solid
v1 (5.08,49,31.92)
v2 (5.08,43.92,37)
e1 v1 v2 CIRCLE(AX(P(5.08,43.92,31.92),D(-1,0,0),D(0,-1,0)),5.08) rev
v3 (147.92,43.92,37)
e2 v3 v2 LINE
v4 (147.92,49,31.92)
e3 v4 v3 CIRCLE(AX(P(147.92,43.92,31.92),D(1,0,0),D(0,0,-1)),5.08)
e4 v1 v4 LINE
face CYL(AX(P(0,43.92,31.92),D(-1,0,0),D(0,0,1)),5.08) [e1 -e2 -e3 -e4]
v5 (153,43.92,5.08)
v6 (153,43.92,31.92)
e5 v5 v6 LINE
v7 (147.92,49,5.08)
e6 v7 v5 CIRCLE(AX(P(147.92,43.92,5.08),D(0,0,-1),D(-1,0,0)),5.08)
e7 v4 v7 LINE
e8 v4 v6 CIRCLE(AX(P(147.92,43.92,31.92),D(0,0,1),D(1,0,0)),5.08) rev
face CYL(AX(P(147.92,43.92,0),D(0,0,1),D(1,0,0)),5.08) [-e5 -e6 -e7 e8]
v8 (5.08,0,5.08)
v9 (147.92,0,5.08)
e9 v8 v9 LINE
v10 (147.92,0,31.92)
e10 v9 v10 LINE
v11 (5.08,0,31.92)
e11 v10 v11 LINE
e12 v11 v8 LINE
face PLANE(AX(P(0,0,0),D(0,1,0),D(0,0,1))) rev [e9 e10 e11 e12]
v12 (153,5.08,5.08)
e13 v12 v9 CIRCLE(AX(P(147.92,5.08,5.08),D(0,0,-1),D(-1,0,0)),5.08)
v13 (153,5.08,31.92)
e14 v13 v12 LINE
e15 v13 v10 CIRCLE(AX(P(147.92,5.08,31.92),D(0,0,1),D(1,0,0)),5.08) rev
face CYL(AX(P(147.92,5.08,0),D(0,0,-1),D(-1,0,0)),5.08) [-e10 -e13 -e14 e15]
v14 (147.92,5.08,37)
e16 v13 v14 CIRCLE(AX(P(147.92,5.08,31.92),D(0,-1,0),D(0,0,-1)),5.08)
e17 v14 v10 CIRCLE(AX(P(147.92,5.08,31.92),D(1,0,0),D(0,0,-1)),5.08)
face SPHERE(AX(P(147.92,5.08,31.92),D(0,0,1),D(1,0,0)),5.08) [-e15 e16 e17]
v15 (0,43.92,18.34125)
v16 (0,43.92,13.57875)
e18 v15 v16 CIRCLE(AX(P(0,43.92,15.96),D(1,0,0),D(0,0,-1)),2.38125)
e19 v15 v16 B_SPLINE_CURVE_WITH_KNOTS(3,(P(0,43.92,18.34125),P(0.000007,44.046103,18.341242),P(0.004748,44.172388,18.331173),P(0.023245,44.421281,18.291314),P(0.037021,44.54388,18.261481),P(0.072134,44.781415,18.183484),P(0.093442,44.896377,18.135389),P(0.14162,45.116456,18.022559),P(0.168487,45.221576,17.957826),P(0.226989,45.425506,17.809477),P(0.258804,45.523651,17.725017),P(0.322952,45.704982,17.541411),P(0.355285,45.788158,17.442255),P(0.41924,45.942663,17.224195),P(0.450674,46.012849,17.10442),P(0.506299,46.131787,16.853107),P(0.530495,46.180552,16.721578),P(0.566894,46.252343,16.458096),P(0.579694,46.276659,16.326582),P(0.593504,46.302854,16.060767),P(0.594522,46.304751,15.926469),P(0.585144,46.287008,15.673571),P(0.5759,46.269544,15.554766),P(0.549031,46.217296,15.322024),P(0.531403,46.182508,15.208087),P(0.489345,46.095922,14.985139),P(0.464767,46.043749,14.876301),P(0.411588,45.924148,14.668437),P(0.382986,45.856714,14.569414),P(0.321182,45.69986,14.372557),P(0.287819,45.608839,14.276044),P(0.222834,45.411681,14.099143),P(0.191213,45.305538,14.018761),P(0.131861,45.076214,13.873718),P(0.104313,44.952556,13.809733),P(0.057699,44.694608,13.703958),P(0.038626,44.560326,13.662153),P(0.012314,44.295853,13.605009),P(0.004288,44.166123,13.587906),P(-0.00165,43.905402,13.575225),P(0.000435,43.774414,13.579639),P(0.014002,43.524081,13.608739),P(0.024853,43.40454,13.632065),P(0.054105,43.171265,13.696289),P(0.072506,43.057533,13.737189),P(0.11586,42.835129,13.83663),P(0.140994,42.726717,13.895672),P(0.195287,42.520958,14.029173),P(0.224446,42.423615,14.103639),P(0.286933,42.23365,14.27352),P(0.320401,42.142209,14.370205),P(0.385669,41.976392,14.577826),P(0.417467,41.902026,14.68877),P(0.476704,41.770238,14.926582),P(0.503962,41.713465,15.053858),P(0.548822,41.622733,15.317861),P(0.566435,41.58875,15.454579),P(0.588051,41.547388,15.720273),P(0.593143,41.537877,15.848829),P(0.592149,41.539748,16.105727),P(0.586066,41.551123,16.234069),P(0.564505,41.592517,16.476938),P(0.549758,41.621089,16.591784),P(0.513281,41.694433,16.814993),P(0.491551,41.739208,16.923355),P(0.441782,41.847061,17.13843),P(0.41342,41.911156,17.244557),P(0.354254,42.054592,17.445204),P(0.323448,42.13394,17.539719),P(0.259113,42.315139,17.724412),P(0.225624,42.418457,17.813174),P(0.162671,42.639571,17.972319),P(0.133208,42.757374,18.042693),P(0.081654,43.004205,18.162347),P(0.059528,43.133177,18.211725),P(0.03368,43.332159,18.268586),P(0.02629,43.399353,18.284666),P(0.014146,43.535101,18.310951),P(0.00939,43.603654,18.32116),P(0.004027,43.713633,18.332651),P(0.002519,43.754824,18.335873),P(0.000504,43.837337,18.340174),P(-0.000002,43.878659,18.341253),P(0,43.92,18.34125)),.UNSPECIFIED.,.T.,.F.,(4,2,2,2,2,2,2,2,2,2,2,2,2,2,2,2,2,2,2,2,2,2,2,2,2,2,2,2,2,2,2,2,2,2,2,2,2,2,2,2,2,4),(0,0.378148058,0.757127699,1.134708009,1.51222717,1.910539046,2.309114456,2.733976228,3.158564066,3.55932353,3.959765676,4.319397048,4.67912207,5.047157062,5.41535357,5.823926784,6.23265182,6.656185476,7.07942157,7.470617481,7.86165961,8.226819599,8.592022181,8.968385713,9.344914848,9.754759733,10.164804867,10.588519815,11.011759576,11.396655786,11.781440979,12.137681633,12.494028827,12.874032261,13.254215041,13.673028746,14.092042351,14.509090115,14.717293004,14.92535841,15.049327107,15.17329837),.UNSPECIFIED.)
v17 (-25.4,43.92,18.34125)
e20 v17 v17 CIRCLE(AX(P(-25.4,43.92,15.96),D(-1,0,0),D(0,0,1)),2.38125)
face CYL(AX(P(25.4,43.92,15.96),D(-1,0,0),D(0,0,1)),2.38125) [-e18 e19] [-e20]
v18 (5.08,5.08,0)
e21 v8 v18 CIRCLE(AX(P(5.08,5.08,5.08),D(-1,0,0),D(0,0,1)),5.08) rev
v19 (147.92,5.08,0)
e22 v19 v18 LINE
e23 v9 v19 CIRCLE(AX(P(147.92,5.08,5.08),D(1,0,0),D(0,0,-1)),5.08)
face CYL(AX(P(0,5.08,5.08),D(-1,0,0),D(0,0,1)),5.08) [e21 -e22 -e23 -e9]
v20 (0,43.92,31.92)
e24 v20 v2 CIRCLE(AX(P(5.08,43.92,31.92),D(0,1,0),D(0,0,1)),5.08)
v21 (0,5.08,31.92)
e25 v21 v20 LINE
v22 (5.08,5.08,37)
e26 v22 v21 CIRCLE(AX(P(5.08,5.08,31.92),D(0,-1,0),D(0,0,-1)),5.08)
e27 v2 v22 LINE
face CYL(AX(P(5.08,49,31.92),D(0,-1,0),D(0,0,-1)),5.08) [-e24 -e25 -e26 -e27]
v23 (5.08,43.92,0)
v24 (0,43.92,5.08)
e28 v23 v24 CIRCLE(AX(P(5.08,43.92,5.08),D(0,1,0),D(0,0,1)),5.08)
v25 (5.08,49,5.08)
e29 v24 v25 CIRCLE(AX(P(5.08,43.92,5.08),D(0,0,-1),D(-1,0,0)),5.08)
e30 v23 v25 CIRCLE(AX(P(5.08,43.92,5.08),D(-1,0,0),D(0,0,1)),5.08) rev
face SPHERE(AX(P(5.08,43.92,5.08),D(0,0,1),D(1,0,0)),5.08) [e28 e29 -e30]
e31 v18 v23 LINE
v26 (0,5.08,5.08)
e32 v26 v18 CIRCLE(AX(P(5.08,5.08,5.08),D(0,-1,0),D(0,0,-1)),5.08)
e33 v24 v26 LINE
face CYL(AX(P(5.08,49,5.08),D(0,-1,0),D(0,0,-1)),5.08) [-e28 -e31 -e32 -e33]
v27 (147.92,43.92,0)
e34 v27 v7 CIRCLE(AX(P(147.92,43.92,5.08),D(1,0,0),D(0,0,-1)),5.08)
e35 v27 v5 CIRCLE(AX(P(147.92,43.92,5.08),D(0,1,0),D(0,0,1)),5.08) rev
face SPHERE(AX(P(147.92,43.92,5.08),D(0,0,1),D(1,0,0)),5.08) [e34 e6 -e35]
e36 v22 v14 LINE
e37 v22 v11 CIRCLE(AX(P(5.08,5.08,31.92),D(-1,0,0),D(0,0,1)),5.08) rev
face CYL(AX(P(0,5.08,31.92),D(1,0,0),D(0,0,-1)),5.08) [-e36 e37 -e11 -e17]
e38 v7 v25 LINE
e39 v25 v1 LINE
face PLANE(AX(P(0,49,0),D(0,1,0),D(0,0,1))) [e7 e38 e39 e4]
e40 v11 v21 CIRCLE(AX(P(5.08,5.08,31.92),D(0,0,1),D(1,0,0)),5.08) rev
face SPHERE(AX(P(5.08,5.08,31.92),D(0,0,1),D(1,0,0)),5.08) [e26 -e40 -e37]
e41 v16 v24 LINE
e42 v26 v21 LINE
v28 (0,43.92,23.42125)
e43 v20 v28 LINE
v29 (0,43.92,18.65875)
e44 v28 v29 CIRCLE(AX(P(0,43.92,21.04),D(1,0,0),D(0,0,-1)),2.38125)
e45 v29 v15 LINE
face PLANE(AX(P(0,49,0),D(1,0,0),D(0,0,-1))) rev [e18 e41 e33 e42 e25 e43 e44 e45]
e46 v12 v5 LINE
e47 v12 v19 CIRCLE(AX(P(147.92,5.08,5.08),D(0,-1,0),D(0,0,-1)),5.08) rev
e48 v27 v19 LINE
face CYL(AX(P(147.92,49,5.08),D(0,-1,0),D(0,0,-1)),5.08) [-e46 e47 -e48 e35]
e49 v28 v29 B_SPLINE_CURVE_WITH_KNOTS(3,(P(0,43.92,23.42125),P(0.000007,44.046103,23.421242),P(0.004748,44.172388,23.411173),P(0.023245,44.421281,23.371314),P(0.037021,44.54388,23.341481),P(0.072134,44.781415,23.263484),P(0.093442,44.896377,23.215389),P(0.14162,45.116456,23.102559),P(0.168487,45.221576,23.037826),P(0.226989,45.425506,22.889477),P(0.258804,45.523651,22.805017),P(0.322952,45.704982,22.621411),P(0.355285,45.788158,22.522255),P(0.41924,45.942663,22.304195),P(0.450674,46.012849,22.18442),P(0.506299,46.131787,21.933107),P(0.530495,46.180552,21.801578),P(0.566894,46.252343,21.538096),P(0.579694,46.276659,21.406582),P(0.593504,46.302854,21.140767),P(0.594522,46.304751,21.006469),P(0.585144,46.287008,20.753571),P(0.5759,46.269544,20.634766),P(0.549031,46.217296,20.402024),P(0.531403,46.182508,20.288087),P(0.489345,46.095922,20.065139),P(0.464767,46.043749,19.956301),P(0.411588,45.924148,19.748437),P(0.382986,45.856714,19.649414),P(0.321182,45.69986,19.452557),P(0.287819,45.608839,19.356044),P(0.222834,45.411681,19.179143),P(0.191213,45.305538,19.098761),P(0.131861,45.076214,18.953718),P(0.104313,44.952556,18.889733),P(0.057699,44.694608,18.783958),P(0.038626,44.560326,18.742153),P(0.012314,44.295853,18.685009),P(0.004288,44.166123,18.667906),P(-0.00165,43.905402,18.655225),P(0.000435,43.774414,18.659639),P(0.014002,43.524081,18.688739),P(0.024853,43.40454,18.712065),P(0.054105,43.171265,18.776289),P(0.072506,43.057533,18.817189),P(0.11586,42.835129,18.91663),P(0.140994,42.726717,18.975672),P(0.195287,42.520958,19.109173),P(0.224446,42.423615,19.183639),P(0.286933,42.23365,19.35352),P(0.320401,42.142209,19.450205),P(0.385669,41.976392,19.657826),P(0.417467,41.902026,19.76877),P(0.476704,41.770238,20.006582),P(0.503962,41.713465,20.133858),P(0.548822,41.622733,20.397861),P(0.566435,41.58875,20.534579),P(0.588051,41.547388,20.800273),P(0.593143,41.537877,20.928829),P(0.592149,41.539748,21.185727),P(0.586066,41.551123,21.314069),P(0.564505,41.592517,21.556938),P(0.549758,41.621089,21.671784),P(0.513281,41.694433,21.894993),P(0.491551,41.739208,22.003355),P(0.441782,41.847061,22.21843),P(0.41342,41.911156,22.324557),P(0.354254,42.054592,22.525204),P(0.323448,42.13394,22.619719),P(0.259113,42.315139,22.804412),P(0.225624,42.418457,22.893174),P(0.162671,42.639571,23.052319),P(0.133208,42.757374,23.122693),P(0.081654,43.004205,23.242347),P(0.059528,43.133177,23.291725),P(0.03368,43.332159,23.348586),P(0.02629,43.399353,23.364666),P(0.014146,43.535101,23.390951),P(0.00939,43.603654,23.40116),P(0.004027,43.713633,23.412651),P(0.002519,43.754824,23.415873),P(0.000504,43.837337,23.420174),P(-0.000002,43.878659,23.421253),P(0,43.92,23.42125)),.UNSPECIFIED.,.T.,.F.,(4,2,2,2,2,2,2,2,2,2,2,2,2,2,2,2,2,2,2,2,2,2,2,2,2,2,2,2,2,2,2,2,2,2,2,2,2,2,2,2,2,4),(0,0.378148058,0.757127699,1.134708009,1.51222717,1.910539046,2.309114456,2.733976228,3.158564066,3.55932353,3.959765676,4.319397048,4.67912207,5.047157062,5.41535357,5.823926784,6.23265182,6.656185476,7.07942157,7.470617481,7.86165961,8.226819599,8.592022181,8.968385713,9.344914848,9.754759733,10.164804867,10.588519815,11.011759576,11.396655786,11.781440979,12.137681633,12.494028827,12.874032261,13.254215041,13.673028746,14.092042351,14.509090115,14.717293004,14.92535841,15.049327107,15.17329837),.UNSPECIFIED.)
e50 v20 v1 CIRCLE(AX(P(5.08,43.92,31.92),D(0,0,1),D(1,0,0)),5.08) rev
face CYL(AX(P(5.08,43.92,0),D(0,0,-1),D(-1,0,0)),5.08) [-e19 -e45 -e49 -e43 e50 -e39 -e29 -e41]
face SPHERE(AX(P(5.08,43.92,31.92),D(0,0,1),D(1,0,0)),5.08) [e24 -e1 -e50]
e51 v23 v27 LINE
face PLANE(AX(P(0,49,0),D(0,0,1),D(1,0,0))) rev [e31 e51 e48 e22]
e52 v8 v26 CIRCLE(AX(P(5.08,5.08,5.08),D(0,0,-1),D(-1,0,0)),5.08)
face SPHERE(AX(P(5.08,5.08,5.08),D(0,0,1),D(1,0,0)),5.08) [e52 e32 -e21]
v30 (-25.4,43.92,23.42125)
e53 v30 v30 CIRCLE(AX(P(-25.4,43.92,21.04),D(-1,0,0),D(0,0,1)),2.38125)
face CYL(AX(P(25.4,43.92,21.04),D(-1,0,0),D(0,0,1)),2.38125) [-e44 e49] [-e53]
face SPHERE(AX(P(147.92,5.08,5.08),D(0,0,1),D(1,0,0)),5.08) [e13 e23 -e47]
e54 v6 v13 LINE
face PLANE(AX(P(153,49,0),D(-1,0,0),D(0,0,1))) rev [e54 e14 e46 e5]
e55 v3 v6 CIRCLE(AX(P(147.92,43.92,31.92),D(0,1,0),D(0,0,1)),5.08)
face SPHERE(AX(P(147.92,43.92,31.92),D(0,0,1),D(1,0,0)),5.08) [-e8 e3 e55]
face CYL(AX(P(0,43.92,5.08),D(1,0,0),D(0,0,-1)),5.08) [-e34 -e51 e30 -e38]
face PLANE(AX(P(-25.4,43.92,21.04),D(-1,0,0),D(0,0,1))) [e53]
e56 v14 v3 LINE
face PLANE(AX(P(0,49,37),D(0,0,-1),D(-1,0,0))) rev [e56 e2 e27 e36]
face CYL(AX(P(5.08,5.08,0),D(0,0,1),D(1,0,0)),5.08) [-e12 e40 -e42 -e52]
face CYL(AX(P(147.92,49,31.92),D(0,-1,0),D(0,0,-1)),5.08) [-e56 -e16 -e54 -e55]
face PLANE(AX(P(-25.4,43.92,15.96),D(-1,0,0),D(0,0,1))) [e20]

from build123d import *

# Parameters (mm, degrees)
SKETCH1_W                = 153
SKETCH1_H                = 37
BOSS_EXTRUDE1_DEPTH      = 49
FILLET1_R                = 5.08
SKETCH2_R                = 2.38125
BOSS_EXTRUDE2_DEPTH      = 25.4
BOSS_EXTRUDE2_DEPTH_BACK = 25.4


with BuildPart() as part:
    # Sketch1 → Boss-Extrude1 (new body)
    with BuildSketch(Plane(origin=(0, 0, 0), x_dir=(1, 0, 0), z_dir=(0, 1, 0))):
        with Locations((76.5, -18.5)):
            Rectangle(SKETCH1_W, SKETCH1_H)
    extrude(amount=BOSS_EXTRUDE1_DEPTH)

    # Fillet1
    fillet1_edges = [part.edges().sort_by_distance(p)[0] for p in [
        (153, 49, 18.5),
        (76.5, 49, 0),
        (0, 49, 18.5),
        (76.5, 0, 0),
        (153, 0, 18.5),
        (76.5, 0, 37),
        (0, 0, 18.5),
        (76.5, 49, 37),
        (0, 24.5, 0),
        (153, 24.5, 0),
        (153, 24.5, 37),
        (0, 24.5, 37),
    ]]
    fillet(fillet1_edges, radius=FILLET1_R)

    # Sketch2 → Boss-Extrude2 (add, two sides)
    with BuildSketch(Plane.ZY) as boss_extrude2_sk:
        with Locations((15.96, 43.92)):
            Circle(SKETCH2_R)
        with Locations((21.04, 43.92)):
            Circle(SKETCH2_R)
    extrude(amount=BOSS_EXTRUDE2_DEPTH)
    extrude(boss_extrude2_sk.sketch, amount=-BOSS_EXTRUDE2_DEPTH_BACK)


solid = part.part
